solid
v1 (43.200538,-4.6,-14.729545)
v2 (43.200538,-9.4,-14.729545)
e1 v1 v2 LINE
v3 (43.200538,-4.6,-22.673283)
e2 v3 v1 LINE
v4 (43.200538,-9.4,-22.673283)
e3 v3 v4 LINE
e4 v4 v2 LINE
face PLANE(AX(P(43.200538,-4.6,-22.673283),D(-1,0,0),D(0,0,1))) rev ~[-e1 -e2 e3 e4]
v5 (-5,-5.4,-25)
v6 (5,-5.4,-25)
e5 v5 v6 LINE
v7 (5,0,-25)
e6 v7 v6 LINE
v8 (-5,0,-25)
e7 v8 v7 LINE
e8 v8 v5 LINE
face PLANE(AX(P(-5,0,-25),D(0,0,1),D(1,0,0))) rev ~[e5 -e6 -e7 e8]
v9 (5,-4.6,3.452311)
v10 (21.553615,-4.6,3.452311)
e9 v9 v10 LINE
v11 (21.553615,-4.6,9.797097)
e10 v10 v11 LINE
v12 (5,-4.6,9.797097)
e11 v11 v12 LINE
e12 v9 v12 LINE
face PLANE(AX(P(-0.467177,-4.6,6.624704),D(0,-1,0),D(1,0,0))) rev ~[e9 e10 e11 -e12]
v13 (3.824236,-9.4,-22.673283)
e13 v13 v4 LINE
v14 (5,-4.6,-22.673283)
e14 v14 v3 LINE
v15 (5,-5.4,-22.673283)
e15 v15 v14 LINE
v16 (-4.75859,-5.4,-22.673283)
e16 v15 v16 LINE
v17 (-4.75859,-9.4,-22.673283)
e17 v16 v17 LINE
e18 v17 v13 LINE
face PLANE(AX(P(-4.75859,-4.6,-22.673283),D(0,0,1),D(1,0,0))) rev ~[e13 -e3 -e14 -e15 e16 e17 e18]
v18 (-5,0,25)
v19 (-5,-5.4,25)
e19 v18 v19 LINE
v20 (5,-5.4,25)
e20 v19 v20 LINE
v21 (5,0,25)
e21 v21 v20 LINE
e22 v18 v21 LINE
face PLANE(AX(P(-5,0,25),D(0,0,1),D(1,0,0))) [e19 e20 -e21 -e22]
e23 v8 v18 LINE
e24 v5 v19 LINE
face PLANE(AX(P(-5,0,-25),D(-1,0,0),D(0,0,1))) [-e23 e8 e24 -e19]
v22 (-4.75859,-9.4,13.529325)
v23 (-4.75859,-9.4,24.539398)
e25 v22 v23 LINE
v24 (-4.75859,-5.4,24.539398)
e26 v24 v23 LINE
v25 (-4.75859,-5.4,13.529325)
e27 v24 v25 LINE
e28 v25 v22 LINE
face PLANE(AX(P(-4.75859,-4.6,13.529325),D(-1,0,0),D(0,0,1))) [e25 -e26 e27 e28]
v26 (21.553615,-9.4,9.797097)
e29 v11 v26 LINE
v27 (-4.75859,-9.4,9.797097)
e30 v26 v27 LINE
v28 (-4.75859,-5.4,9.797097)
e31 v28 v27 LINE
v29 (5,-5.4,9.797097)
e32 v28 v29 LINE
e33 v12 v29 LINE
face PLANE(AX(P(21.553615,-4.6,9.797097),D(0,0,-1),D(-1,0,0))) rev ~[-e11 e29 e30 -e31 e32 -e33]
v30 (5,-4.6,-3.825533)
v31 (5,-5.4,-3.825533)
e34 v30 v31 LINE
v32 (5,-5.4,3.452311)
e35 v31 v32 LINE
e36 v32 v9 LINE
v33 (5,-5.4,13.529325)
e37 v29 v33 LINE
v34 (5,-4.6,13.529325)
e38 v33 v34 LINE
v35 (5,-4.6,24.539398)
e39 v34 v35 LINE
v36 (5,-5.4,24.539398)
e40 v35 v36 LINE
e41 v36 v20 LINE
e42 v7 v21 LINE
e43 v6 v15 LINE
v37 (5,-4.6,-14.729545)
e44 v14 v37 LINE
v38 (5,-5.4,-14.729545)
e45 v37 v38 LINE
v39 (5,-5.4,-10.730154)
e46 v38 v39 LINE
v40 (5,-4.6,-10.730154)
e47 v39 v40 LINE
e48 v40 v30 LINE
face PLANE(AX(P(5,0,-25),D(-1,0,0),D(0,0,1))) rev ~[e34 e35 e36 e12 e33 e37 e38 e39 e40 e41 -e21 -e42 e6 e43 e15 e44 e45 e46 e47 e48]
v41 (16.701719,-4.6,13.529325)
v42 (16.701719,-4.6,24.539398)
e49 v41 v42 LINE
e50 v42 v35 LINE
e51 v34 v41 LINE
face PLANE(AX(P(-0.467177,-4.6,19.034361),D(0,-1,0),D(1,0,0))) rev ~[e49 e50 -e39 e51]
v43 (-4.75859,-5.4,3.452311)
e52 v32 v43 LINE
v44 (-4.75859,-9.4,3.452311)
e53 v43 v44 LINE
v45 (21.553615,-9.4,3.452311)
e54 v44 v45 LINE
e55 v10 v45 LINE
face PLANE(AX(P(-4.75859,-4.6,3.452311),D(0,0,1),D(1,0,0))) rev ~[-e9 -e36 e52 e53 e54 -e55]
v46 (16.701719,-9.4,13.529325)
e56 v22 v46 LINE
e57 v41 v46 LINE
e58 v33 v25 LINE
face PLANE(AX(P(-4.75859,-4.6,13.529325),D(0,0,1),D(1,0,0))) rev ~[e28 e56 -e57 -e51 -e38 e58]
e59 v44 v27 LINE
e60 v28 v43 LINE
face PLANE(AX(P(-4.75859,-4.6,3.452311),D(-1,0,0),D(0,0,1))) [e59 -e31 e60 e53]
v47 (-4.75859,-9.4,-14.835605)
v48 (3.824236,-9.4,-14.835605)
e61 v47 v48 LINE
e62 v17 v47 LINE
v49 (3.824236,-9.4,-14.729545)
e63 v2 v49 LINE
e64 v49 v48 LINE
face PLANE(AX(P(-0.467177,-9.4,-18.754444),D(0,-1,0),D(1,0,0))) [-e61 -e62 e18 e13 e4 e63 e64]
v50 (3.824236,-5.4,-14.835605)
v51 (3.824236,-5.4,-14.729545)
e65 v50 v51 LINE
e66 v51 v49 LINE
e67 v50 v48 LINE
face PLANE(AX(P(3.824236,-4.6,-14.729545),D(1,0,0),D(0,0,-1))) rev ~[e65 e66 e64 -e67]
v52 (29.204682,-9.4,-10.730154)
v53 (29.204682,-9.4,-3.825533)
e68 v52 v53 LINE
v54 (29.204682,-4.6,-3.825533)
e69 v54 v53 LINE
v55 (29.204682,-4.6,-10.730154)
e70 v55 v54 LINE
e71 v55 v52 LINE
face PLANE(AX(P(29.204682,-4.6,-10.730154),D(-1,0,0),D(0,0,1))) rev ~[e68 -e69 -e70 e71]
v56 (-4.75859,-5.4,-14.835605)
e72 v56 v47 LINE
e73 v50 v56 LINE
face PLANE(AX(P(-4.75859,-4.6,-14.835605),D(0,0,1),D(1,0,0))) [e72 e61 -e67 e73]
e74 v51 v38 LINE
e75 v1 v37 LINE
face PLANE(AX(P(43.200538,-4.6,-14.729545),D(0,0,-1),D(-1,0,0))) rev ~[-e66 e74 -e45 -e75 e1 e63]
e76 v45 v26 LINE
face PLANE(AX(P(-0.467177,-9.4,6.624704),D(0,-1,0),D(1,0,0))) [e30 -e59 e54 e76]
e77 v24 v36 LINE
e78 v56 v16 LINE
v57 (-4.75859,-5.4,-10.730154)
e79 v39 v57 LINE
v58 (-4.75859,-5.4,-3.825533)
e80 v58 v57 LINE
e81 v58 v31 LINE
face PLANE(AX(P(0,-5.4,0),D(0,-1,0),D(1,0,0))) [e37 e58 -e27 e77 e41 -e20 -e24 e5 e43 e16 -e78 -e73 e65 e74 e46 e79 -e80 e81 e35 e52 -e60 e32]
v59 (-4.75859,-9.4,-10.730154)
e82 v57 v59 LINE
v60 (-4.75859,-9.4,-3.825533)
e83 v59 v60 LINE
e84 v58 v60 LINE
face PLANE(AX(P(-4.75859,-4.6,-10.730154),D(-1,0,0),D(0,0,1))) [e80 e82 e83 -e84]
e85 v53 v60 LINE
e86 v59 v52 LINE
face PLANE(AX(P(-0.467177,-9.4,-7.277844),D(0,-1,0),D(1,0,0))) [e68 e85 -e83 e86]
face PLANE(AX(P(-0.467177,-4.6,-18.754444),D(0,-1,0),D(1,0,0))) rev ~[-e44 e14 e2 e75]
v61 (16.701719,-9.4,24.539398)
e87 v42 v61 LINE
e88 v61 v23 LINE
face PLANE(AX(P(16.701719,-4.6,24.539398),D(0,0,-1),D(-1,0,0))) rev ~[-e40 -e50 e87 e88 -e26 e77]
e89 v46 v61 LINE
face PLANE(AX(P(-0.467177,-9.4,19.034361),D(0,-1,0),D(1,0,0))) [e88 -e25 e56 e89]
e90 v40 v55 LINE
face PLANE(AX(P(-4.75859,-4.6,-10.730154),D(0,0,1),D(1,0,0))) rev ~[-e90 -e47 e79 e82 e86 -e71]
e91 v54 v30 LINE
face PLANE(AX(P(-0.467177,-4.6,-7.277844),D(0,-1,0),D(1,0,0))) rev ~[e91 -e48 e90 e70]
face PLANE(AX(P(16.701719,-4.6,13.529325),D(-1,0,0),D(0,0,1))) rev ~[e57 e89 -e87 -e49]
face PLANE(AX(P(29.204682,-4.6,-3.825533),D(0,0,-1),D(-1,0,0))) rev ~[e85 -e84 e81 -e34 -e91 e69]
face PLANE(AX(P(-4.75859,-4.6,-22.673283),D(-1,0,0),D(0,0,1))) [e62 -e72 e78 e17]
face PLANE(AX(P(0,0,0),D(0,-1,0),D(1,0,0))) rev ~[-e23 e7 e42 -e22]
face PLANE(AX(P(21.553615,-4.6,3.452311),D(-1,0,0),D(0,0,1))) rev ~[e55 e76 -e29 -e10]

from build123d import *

# Parameters (mm, degrees)
F0_W     = 10
F0_H     = 50
F1_DEPTH = 5.4
F3_START = 4.6
F2_W     = 8.5828267038
F2_H     = 11.0100731254
F2_W_2   = 12.8774824552
F2_H_2   = 6.9046204444
F2_W_3   = 25.3804451786
F2_H_3   = 7.8376773745
F2_H_4   = 6.3447866123
F2_W_4   = 17.729378771
F3_DEPTH = 4.8


with BuildPart() as f1:
    # F0 (on Front) → F1 (new body)
    with BuildSketch(Plane.XZ):
        Rectangle(F0_W, F0_H)
    extrude(amount=F1_DEPTH)

    # F2 (on Front) → F3 (join)
    with BuildSketch(Plane.XZ.offset(F3_START)):
        with Locations((-0.4671770148, 19.0343614668)):
            Rectangle(F2_W, F2_H)
        with Locations((10.2629775647, 19.0343614668)):
            Rectangle(F2_W_2, F2_H)
        with Locations((-0.4671770148, -7.2778436588)):
            Rectangle(F2_W, F2_H_2)
        with Locations((16.5144589264, -7.2778436588)):
            Rectangle(F2_W_3, F2_H_2)
        with Locations((-0.4671770148, -18.7544440851)):
            Rectangle(F2_W, F2_H_3)
        Polygon((3.8242363371, -14.7295454517), (3.8242363371, -14.8356053978), (3.8242363371, -22.6732827723), (43.2005375624, -22.6732827723), (43.2005375624, -14.7295454517), align=None)
        with Locations((-0.4671770148, 6.6247038776)):
            Rectangle(F2_W, F2_H_4)
        with Locations((12.6889257226, 6.6247038776)):
            Rectangle(F2_W_4, F2_H_4)
    extrude(amount=F3_DEPTH)


solid = f1.part
